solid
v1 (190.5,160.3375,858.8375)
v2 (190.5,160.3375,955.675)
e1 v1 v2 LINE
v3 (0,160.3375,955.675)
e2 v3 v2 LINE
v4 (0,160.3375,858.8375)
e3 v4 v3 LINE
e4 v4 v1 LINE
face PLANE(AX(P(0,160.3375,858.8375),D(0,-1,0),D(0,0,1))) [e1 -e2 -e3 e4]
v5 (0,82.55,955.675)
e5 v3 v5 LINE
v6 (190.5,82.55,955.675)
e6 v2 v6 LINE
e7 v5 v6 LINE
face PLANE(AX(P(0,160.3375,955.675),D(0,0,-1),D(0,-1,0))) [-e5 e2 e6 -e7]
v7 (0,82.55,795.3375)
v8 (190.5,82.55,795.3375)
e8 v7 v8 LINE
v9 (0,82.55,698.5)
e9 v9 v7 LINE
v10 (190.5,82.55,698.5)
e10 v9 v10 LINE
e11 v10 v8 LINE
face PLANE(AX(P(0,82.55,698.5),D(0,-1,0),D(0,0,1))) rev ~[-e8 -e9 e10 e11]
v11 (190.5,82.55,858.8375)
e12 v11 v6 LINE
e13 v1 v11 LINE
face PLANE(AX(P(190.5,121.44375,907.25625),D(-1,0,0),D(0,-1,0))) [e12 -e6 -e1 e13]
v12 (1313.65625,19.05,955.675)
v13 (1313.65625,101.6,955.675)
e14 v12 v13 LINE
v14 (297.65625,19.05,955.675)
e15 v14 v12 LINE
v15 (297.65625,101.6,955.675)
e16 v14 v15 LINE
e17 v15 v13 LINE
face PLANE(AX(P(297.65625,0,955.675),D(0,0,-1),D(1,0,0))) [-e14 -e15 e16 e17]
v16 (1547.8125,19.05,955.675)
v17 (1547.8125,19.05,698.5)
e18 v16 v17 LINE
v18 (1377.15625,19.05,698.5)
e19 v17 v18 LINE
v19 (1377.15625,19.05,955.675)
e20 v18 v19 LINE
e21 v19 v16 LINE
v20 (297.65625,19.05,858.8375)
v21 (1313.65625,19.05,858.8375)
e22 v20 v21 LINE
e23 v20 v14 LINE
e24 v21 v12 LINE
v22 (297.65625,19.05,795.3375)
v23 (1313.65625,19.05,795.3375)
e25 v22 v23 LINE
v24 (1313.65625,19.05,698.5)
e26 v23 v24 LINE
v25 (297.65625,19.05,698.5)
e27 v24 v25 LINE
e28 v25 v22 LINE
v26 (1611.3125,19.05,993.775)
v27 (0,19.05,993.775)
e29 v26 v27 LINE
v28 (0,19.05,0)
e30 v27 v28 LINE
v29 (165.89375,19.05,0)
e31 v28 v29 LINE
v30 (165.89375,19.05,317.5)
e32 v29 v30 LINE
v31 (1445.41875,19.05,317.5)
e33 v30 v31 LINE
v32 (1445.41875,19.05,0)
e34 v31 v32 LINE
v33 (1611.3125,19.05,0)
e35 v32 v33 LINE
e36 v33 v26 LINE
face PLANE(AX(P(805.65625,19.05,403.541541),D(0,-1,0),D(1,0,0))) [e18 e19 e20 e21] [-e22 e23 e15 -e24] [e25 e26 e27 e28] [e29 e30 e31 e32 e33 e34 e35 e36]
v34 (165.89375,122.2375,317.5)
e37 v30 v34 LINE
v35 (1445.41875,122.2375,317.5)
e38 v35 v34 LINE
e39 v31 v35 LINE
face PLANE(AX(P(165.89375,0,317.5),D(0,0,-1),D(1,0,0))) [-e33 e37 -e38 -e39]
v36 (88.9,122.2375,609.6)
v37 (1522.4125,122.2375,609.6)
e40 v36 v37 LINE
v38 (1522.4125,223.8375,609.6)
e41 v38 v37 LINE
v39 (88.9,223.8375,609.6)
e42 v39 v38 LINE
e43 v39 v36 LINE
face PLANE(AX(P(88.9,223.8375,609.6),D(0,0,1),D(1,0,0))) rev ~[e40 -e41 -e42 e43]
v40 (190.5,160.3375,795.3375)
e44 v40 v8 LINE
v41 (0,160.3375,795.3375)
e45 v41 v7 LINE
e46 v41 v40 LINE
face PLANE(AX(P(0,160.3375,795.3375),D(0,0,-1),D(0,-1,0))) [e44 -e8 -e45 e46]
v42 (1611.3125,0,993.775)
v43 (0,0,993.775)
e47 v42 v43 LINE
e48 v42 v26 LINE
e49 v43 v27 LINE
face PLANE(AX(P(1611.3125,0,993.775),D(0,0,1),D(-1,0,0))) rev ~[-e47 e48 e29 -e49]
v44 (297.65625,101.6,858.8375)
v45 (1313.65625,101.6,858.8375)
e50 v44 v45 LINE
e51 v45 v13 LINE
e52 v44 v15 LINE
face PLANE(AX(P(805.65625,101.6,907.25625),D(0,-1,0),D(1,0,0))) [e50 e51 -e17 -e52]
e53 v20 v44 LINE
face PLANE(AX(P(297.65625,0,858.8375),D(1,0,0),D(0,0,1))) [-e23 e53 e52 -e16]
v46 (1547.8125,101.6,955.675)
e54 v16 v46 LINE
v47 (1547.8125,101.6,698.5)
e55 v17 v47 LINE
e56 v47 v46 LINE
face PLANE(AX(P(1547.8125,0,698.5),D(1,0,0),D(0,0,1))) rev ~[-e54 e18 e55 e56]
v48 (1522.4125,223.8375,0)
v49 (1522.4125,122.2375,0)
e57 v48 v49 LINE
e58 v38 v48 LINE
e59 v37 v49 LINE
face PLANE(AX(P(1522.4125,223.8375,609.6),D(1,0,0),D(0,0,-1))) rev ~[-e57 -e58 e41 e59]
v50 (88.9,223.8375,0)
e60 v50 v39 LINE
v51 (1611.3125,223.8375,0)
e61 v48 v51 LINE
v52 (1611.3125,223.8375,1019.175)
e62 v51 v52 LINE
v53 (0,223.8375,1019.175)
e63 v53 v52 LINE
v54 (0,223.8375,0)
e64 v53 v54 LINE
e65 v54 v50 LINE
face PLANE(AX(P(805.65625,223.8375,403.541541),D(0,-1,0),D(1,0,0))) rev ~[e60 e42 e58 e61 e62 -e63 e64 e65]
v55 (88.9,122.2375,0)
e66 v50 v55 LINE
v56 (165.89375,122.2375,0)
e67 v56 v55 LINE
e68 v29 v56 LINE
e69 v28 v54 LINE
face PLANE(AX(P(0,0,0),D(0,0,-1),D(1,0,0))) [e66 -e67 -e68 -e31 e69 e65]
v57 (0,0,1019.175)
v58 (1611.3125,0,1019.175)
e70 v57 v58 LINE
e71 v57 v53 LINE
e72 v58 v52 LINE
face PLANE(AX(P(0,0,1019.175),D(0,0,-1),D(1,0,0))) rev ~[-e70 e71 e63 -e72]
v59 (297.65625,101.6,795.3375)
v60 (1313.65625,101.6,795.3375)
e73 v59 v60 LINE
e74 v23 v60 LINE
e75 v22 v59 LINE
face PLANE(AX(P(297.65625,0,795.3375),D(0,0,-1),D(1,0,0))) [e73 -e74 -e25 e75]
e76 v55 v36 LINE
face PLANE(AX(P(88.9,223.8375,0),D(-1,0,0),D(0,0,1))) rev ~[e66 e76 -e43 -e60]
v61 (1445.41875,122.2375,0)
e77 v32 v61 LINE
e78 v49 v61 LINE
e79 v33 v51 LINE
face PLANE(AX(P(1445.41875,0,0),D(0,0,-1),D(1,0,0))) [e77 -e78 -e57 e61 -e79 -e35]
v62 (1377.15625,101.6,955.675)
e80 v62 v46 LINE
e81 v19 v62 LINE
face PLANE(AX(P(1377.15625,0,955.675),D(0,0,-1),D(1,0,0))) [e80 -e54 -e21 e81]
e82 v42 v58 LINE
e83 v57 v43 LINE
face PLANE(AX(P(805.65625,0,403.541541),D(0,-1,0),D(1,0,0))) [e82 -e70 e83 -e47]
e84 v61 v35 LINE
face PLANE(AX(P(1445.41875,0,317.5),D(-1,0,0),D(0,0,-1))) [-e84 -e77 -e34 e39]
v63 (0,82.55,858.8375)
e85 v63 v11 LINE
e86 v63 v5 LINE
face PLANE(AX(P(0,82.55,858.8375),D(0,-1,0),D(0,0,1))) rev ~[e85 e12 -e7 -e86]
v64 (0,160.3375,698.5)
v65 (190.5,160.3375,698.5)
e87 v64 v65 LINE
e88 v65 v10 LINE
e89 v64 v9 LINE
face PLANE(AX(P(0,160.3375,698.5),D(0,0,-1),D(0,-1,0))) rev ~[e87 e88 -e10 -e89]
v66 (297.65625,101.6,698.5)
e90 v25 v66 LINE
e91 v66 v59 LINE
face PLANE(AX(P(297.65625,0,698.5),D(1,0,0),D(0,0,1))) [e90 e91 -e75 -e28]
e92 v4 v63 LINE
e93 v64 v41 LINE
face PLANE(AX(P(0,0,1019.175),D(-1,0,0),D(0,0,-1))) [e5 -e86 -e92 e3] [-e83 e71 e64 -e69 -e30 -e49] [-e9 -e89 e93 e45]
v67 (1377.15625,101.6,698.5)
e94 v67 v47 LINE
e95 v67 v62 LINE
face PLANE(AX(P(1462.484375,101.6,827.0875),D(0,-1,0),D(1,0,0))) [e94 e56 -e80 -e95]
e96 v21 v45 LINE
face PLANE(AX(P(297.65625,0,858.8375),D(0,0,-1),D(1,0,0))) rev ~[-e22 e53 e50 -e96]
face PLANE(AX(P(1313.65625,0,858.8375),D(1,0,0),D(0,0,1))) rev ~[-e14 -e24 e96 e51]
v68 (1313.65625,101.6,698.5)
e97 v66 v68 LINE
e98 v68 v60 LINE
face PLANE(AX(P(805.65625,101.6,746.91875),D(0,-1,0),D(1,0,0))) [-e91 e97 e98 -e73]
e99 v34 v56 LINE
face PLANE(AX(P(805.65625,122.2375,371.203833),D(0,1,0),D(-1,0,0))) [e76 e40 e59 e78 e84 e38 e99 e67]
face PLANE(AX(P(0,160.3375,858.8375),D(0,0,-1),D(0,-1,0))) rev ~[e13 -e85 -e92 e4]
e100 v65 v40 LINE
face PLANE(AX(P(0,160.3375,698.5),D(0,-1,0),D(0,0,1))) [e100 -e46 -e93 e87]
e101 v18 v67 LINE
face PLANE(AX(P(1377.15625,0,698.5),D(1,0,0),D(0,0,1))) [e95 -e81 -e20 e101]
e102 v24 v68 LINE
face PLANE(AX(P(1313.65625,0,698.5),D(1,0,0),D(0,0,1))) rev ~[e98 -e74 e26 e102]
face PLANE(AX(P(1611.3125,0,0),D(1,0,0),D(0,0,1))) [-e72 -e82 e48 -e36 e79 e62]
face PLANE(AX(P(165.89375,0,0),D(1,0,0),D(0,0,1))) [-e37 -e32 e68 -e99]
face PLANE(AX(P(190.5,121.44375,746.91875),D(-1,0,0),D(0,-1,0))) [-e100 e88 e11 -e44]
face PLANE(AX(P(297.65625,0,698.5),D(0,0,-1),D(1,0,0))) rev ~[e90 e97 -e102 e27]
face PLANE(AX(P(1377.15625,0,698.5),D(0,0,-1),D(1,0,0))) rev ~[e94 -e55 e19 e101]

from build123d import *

# Parameters (mm, degrees)
F0_W     = 1016
F0_H     = 96.8375
F0_W_2   = 1611.3125
F0_H_2   = 25.4
F0_W_3   = 170.65625
F0_H_3   = 257.175
F1_DEPTH = 223.8375
F2_DEPTH = 101.6
F3_DEPTH = 19.05
F4_W     = 77.7875
F4_H     = 96.8375
F5_DEPTH = 190.5
F7_DEPTH = 101.6


with BuildPart() as f1:
    # F0 (on Front) → F1 (new body)
    with BuildSketch(Plane.XZ):
        Polygon((0, 698.5), (0, 0), (165.89375, 0), (165.89375, 317.5), (1445.41875, 317.5), (1445.41875, 0), (1611.3125, 0), (1611.3125, 698.5), (1547.8125, 698.5), (1377.15625, 698.5), (1313.65625, 698.5), (297.65625, 698.5), align=None)
        Polygon((0, 993.775), (0, 698.5), (297.65625, 698.5), (297.65625, 795.3375), (1313.65625, 795.3375), (1313.65625, 698.5), (1377.15625, 698.5), (1377.15625, 955.675), (1547.8125, 955.675), (1547.8125, 698.5), (1611.3125, 698.5), (1611.3125, 993.775), align=None)
        with Locations((805.65625, 907.25625)):
            Rectangle(F0_W, F0_H, mode=Mode.SUBTRACT)
        with Locations((805.65625, 746.91875)):
            Rectangle(F0_W, F0_H)
        with Locations((805.65625, 907.25625)):
            Rectangle(F0_W, F0_H)
        with Locations((805.65625, 1006.475)):
            Rectangle(F0_W_2, F0_H_2)
        with Locations((1462.484375, 827.0875)):
            Rectangle(F0_W_3, F0_H_3)
    extrude(amount=-F1_DEPTH)

    # F0 (on Front) → F2 (cut)
    with BuildSketch(Plane.XZ):
        with Locations((805.65625, 907.25625)):
            Rectangle(F0_W, F0_H)
        with Locations((805.65625, 746.91875)):
            Rectangle(F0_W, F0_H)
        with Locations((1462.484375, 827.0875)):
            Rectangle(F0_W_3, F0_H_3)
    extrude(amount=-F2_DEPTH, mode=Mode.SUBTRACT)

    # F0 (on Front) → F3 (cut)
    with BuildSketch(Plane.XZ):
        Polygon((0, 698.5), (0, 0), (165.89375, 0), (165.89375, 317.5), (1445.41875, 317.5), (1445.41875, 0), (1611.3125, 0), (1611.3125, 698.5), (1547.8125, 698.5), (1377.15625, 698.5), (1313.65625, 698.5), (297.65625, 698.5), align=None)
        Polygon((0, 993.775), (0, 698.5), (297.65625, 698.5), (297.65625, 795.3375), (1313.65625, 795.3375), (1313.65625, 698.5), (1377.15625, 698.5), (1377.15625, 955.675), (1547.8125, 955.675), (1547.8125, 698.5), (1611.3125, 698.5), (1611.3125, 993.775), align=None)
        with Locations((805.65625, 907.25625)):
            Rectangle(F0_W, F0_H, mode=Mode.SUBTRACT)
    extrude(amount=-F3_DEPTH, mode=Mode.SUBTRACT)

    # F4 (on face) → F5 (cut)
    with BuildSketch(Plane(origin=(0, 0, 0), x_dir=(0, -1, 0), z_dir=(-1, 0, 0))):
        with Locations((-121.44375, 907.25625)):
            Rectangle(F4_W, F4_H)
        with Locations((-121.44375, 746.91875)):
            Rectangle(F4_W, F4_H)
    extrude(amount=-F5_DEPTH, mode=Mode.SUBTRACT)

    # F6 (on face) → F7 (cut)
    with BuildSketch(Plane(origin=(0, 223.8375, 0), x_dir=(-1, 0, 0), z_dir=(0, 1, 0))):
        Polygon((-1522.4125, 609.6), (-1522.4125, 0), (-1445.41875, 0), (-1445.41875, 317.5), (-165.89375, 317.5), (-165.89375, 0), (-88.9, 0), (-88.9, 609.6), align=None)
    extrude(amount=-F7_DEPTH, mode=Mode.SUBTRACT)


solid = f1.part
